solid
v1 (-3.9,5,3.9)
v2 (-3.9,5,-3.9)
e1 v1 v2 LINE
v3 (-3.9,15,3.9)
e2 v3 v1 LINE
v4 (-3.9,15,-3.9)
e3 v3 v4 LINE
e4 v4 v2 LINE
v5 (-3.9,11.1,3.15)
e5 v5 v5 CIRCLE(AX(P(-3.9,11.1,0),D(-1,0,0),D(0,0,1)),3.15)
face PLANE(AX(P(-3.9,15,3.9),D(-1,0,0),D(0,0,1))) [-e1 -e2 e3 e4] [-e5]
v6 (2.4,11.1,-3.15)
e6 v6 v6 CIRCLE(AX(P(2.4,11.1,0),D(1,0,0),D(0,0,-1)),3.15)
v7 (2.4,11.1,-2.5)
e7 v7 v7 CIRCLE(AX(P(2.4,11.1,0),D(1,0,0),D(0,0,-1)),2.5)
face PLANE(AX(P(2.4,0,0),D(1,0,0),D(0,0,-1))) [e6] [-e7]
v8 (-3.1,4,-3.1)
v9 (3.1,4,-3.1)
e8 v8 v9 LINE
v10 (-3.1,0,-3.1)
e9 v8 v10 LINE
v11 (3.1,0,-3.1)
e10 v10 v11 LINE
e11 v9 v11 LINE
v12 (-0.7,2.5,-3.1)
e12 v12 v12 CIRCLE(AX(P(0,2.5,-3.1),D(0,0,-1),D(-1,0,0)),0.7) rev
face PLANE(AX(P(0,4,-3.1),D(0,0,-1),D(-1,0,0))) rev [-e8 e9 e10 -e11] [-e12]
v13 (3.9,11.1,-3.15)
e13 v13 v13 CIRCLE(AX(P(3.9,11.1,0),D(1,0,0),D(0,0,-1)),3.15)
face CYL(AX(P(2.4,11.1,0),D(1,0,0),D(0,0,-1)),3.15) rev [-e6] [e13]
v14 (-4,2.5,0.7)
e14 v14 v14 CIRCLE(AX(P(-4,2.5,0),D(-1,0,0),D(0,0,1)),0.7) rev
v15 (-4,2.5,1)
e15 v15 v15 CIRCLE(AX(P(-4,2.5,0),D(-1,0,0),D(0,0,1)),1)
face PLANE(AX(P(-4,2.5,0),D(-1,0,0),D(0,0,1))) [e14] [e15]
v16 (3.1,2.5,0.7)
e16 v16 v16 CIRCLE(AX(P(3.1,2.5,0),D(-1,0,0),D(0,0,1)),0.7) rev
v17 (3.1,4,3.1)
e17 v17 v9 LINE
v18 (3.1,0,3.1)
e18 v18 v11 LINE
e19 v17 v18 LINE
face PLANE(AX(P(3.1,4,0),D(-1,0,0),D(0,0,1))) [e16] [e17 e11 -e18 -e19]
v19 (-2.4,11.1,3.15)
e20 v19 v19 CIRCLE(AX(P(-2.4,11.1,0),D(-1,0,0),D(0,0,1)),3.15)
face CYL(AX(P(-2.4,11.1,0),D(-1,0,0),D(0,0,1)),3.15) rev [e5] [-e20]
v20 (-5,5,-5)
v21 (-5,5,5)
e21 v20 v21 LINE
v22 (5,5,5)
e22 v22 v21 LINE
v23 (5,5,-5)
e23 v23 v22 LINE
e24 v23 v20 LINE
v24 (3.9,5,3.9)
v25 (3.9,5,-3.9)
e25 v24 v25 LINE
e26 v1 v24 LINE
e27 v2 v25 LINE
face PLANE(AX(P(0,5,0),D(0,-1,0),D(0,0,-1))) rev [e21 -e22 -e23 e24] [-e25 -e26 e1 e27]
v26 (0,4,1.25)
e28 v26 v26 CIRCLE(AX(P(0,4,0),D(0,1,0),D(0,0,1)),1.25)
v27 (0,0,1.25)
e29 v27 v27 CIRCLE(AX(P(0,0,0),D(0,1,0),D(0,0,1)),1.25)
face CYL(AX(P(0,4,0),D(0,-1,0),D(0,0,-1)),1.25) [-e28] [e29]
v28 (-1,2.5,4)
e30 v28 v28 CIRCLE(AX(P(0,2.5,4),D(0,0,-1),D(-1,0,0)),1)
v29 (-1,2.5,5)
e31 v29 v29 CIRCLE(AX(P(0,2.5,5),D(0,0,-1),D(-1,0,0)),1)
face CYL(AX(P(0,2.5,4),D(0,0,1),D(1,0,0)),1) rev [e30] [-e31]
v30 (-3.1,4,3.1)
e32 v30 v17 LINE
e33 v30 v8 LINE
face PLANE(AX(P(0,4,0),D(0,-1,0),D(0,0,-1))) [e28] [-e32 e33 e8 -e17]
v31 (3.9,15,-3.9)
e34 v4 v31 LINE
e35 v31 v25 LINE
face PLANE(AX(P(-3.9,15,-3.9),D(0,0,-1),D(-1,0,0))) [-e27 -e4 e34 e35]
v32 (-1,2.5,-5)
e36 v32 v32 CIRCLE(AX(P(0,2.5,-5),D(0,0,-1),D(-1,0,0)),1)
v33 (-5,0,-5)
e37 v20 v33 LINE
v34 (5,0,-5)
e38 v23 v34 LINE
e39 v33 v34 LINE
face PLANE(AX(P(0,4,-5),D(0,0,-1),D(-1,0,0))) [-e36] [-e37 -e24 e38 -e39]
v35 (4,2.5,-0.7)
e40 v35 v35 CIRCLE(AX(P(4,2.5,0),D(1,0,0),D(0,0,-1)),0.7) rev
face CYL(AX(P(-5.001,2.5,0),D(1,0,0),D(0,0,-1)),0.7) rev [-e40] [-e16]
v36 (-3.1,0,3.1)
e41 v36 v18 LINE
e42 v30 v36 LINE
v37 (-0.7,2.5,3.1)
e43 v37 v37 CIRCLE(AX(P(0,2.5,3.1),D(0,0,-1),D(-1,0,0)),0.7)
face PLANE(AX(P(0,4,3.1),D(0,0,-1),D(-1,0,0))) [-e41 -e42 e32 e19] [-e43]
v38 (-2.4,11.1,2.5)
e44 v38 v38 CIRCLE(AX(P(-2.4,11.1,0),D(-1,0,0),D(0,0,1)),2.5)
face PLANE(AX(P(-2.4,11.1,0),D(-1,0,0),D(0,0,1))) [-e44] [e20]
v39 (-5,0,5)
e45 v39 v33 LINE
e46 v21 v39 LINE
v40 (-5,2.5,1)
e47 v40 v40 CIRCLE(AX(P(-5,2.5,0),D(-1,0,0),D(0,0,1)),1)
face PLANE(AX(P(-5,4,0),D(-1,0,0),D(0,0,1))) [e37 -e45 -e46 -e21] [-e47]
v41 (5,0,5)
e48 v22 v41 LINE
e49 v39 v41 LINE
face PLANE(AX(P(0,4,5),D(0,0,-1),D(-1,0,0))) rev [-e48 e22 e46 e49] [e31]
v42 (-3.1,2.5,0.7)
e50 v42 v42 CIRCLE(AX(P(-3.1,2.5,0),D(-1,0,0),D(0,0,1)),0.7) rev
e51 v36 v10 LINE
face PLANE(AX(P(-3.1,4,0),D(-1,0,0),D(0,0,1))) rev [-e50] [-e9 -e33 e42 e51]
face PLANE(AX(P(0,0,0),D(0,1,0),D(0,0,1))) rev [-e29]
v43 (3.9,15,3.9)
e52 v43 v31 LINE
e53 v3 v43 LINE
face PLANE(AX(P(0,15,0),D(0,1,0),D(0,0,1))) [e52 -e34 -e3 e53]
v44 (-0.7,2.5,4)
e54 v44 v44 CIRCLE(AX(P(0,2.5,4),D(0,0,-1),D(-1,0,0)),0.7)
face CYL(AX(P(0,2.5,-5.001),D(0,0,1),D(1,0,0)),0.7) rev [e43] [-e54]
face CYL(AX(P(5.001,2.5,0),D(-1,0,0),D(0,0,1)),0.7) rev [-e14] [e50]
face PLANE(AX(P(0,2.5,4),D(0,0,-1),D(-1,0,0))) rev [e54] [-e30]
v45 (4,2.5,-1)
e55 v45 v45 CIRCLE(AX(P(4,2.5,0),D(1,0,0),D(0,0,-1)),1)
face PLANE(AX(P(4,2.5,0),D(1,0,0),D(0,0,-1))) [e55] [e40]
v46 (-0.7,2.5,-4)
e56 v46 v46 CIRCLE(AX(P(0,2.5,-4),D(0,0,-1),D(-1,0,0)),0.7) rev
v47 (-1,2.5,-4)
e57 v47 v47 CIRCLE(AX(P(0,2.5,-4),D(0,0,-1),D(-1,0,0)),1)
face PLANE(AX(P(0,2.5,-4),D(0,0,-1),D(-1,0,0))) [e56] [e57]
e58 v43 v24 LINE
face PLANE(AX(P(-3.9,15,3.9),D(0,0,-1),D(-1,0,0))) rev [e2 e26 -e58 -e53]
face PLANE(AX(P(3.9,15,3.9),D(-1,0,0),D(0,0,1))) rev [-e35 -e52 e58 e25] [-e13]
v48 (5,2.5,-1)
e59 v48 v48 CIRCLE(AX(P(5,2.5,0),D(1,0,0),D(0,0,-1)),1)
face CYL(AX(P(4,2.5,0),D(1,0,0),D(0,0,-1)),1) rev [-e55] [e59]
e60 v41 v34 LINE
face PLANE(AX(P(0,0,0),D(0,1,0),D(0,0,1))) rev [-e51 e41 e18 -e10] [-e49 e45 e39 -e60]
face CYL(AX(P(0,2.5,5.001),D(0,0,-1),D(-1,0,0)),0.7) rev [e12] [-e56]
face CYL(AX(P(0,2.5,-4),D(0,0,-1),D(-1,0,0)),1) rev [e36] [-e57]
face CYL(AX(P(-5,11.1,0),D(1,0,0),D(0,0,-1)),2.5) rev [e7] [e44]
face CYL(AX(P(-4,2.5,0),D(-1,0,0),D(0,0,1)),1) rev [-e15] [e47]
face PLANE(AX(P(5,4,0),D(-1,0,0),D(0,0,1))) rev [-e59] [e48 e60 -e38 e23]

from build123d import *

# Parameters (mm, degrees)
SKETCH_1_W           = 10
SKETCH_1_H           = 10
SKETCH_1_W_2         = 6.2
SKETCH_1_H_2         = 6.2
EXTRUDE_1_DEPTH      = 4
SKETCH_1_R           = 1.25
EXTRUDE_1_2_DEPTH    = 4
EXTRUDE_START        = 4
SKETCH_1_3_W         = 10
SKETCH_1_3_H         = 10
EXTRUDE_2_DEPTH      = 1
SKETCH_2_W           = 7.8
SKETCH_2_H           = 7.8
EXTRUDE_3_DEPTH      = 10
SKETCH_3_R           = 2.5
CUT_EXTRUDE_1_DEPTH  = 19.144145061
SKETCH_3_3_R         = 3.15
SKETCH_3_3_R_2       = 2.5
CUT_EXTRUDE_2_DEPTH  = 1.5
CUT_EXTRUDE_START    = -6.3
SKETCH_3_4_R         = 3.15
SKETCH_3_4_R_2       = 2.5
CUT_EXTRUDE_3_DEPTH  = 1.5
SKETCH_4_R           = 1
SKETCH_4_R_2         = 0.7
CUT_EXTRUDE_4_DEPTH  = 1
CUT_EXTRUDE_START_2  = -9
SKETCH_4_2_R         = 1
SKETCH_4_2_R_2       = 0.7
CUT_EXTRUDE_5_DEPTH  = 1
CUT_EXTRUDE_6_REACH  = 20.708
SKETCH_4_3_R         = 0.7
CUT_EXTRUDE_START_3  = -10
SKETCH_4_4_R         = 0.7
CUT_EXTRUDE_7_DEPTH  = 1.9
CUT_EXTRUDE_8_REACH  = 20.708
SKETCH_5_R           = 0.7
SKETCH_5_3_R         = 0.7
CUT_EXTRUDE_9_DEPTH  = 1.9
SKETCH_5_4_R         = 1
CUT_EXTRUDE_10_DEPTH = 1
SKETCH_5_5_R         = 1
CUT_EXTRUDE_11_DEPTH = 1


with BuildPart() as part:
    # 草图1 → 凸台-拉伸1 (new body)
    with BuildSketch(Plane(origin=(0, 0, 0), x_dir=(1, 0, 0), z_dir=(0, 1, 0))):
        Rectangle(SKETCH_1_W, SKETCH_1_H)
        Rectangle(SKETCH_1_W_2, SKETCH_1_H_2, mode=Mode.SUBTRACT)
    extrude(amount=EXTRUDE_1_DEPTH)



with BuildPart() as body_2:
    # 草图1 → Extrude 1 2 (new body)
    with BuildSketch(Plane(origin=(0, 0, 0), x_dir=(1, 0, 0), z_dir=(0, 1, 0))):
        with Locations(Location((0, 0, 0), (0, 0, 270))):
            Circle(SKETCH_1_R)
    extrude(amount=EXTRUDE_1_2_DEPTH)


with BuildPart() as part_1:
    add(part.part)

    add(body_2.part)  # 凸台-拉伸2 merges body 2
    # 草图1<3> → 凸台-拉伸2 (add)
    with BuildSketch(Plane(origin=(0, 0, 0), x_dir=(1, 0, 0), z_dir=(0, 1, 0)).offset(EXTRUDE_START)):
        Rectangle(SKETCH_1_3_W, SKETCH_1_3_H)
    extrude(amount=EXTRUDE_2_DEPTH)

    # 草图2 → 凸台-拉伸3 (add)
    with BuildSketch(Plane(origin=(0, 5, 0), x_dir=(1, 0, 0), z_dir=(0, 1, 0))):
        Rectangle(SKETCH_2_W, SKETCH_2_H)
    extrude(amount=EXTRUDE_3_DEPTH)

    # 草图3 → 切除-拉伸1 (cut, through all)
    with BuildSketch(Plane(origin=(3.9, 0, 0), x_dir=(0, 0, -1), z_dir=(1, 0, 0))):
        with Locations((0, 11.1)):
            Circle(SKETCH_3_R)
    extrude(amount=-CUT_EXTRUDE_1_DEPTH, mode=Mode.SUBTRACT)

    # 草图3<3> → 切除-拉伸2 (cut)
    with BuildSketch(Plane(origin=(3.9, 0, 0), x_dir=(0, 0, -1), z_dir=(1, 0, 0))):
        with Locations((0, 11.1)):
            Circle(SKETCH_3_3_R)
        with Locations((0, 11.1)):
            Circle(SKETCH_3_3_R_2, mode=Mode.SUBTRACT)
    extrude(amount=-CUT_EXTRUDE_2_DEPTH, mode=Mode.SUBTRACT)

    # 草图3<4> → 切除-拉伸3 (cut)
    with BuildSketch(Plane(origin=(3.9, 0, 0), x_dir=(0, 0, -1), z_dir=(1, 0, 0)).offset(CUT_EXTRUDE_START)):
        with Locations((0, 11.1)):
            Circle(SKETCH_3_4_R)
        with Locations((0, 11.1)):
            Circle(SKETCH_3_4_R_2, mode=Mode.SUBTRACT)
    extrude(amount=-CUT_EXTRUDE_3_DEPTH, mode=Mode.SUBTRACT)

    # 草图4 → 切除-拉伸4 (cut)
    with BuildSketch(Plane(origin=(5, 0, 0), x_dir=(0, 0, -1), z_dir=(1, 0, 0))):
        with Locations((0, 2.5)):
            Circle(SKETCH_4_R)
        with Locations((0, 2.5)):
            Circle(SKETCH_4_R_2, mode=Mode.SUBTRACT)
    extrude(amount=-CUT_EXTRUDE_4_DEPTH, mode=Mode.SUBTRACT)

    # 草图4<2> → 切除-拉伸5 (cut)
    with BuildSketch(Plane(origin=(5, 0, 0), x_dir=(0, 0, -1), z_dir=(1, 0, 0)).offset(CUT_EXTRUDE_START_2)):
        with Locations((0, 2.5)):
            Circle(SKETCH_4_2_R)
        with Locations((0, 2.5)):
            Circle(SKETCH_4_2_R_2, mode=Mode.SUBTRACT)
    extrude(amount=-CUT_EXTRUDE_5_DEPTH, mode=Mode.SUBTRACT)

    # 草图4<3> → 切除-拉伸6 (cut, up to next)
    with BuildSketch(Plane(origin=(5, 0, 0), x_dir=(0, 0, -1), z_dir=(1, 0, 0)), mode=Mode.PRIVATE) as cut_extrude_6_sk1:
        with Locations(Location((0, 2.5, 0), (0, 0, 180))):
            Circle(SKETCH_4_3_R)
    cut_extrude_6_tool1 = extrude(cut_extrude_6_sk1.sketch, amount=-CUT_EXTRUDE_6_REACH, mode=Mode.PRIVATE) & part_1.part
    add(cut_extrude_6_tool1.solids().sort_by_distance((5, 2.5, 0))[0], mode=Mode.SUBTRACT)

    # 草图4<4> → 切除-拉伸7 (cut)
    with BuildSketch(Plane(origin=(5, 0, 0), x_dir=(0, 0, -1), z_dir=(1, 0, 0)).offset(CUT_EXTRUDE_START_3)):
        with Locations((0, 2.5)):
            Circle(SKETCH_4_4_R)
    extrude(amount=CUT_EXTRUDE_7_DEPTH, mode=Mode.SUBTRACT)

    # 草图5 → 切除-拉伸8 (cut, up to next)
    with BuildSketch(Plane(origin=(0, 0, -5), x_dir=(-1, 0, 0), z_dir=(0, 0, -1)), mode=Mode.PRIVATE) as cut_extrude_8_sk1:
        with Locations((0, 2.5)):
            Circle(SKETCH_5_R)
    cut_extrude_8_tool1 = extrude(cut_extrude_8_sk1.sketch, amount=-CUT_EXTRUDE_8_REACH, mode=Mode.PRIVATE) & part_1.part
    add(cut_extrude_8_tool1.solids().sort_by_distance((0, 2.5, -5))[0], mode=Mode.SUBTRACT)

    # 草图5<3> → 切除-拉伸9 (cut)
    with BuildSketch(Plane(origin=(0, 0, -5), x_dir=(-1, 0, 0), z_dir=(0, 0, -1)).offset(CUT_EXTRUDE_START_3)):
        with Locations((0, 2.5)):
            Circle(SKETCH_5_3_R)
    extrude(amount=CUT_EXTRUDE_9_DEPTH, mode=Mode.SUBTRACT)

    # 草图5<4> → 切除-拉伸10 (cut)
    with BuildSketch(Plane(origin=(0, 0, -5), x_dir=(-1, 0, 0), z_dir=(0, 0, -1))):
        with Locations((0, 2.5)):
            Circle(SKETCH_5_4_R)
    extrude(amount=-CUT_EXTRUDE_10_DEPTH, mode=Mode.SUBTRACT)

    # 草图5<5> → 切除-拉伸11 (cut)
    with BuildSketch(Plane(origin=(0, 0, -5), x_dir=(-1, 0, 0), z_dir=(0, 0, -1)).offset(CUT_EXTRUDE_START_2)):
        with Locations((0, 2.5)):
            Circle(SKETCH_5_5_R)
    extrude(amount=-CUT_EXTRUDE_11_DEPTH, mode=Mode.SUBTRACT)


solid = part_1.part
